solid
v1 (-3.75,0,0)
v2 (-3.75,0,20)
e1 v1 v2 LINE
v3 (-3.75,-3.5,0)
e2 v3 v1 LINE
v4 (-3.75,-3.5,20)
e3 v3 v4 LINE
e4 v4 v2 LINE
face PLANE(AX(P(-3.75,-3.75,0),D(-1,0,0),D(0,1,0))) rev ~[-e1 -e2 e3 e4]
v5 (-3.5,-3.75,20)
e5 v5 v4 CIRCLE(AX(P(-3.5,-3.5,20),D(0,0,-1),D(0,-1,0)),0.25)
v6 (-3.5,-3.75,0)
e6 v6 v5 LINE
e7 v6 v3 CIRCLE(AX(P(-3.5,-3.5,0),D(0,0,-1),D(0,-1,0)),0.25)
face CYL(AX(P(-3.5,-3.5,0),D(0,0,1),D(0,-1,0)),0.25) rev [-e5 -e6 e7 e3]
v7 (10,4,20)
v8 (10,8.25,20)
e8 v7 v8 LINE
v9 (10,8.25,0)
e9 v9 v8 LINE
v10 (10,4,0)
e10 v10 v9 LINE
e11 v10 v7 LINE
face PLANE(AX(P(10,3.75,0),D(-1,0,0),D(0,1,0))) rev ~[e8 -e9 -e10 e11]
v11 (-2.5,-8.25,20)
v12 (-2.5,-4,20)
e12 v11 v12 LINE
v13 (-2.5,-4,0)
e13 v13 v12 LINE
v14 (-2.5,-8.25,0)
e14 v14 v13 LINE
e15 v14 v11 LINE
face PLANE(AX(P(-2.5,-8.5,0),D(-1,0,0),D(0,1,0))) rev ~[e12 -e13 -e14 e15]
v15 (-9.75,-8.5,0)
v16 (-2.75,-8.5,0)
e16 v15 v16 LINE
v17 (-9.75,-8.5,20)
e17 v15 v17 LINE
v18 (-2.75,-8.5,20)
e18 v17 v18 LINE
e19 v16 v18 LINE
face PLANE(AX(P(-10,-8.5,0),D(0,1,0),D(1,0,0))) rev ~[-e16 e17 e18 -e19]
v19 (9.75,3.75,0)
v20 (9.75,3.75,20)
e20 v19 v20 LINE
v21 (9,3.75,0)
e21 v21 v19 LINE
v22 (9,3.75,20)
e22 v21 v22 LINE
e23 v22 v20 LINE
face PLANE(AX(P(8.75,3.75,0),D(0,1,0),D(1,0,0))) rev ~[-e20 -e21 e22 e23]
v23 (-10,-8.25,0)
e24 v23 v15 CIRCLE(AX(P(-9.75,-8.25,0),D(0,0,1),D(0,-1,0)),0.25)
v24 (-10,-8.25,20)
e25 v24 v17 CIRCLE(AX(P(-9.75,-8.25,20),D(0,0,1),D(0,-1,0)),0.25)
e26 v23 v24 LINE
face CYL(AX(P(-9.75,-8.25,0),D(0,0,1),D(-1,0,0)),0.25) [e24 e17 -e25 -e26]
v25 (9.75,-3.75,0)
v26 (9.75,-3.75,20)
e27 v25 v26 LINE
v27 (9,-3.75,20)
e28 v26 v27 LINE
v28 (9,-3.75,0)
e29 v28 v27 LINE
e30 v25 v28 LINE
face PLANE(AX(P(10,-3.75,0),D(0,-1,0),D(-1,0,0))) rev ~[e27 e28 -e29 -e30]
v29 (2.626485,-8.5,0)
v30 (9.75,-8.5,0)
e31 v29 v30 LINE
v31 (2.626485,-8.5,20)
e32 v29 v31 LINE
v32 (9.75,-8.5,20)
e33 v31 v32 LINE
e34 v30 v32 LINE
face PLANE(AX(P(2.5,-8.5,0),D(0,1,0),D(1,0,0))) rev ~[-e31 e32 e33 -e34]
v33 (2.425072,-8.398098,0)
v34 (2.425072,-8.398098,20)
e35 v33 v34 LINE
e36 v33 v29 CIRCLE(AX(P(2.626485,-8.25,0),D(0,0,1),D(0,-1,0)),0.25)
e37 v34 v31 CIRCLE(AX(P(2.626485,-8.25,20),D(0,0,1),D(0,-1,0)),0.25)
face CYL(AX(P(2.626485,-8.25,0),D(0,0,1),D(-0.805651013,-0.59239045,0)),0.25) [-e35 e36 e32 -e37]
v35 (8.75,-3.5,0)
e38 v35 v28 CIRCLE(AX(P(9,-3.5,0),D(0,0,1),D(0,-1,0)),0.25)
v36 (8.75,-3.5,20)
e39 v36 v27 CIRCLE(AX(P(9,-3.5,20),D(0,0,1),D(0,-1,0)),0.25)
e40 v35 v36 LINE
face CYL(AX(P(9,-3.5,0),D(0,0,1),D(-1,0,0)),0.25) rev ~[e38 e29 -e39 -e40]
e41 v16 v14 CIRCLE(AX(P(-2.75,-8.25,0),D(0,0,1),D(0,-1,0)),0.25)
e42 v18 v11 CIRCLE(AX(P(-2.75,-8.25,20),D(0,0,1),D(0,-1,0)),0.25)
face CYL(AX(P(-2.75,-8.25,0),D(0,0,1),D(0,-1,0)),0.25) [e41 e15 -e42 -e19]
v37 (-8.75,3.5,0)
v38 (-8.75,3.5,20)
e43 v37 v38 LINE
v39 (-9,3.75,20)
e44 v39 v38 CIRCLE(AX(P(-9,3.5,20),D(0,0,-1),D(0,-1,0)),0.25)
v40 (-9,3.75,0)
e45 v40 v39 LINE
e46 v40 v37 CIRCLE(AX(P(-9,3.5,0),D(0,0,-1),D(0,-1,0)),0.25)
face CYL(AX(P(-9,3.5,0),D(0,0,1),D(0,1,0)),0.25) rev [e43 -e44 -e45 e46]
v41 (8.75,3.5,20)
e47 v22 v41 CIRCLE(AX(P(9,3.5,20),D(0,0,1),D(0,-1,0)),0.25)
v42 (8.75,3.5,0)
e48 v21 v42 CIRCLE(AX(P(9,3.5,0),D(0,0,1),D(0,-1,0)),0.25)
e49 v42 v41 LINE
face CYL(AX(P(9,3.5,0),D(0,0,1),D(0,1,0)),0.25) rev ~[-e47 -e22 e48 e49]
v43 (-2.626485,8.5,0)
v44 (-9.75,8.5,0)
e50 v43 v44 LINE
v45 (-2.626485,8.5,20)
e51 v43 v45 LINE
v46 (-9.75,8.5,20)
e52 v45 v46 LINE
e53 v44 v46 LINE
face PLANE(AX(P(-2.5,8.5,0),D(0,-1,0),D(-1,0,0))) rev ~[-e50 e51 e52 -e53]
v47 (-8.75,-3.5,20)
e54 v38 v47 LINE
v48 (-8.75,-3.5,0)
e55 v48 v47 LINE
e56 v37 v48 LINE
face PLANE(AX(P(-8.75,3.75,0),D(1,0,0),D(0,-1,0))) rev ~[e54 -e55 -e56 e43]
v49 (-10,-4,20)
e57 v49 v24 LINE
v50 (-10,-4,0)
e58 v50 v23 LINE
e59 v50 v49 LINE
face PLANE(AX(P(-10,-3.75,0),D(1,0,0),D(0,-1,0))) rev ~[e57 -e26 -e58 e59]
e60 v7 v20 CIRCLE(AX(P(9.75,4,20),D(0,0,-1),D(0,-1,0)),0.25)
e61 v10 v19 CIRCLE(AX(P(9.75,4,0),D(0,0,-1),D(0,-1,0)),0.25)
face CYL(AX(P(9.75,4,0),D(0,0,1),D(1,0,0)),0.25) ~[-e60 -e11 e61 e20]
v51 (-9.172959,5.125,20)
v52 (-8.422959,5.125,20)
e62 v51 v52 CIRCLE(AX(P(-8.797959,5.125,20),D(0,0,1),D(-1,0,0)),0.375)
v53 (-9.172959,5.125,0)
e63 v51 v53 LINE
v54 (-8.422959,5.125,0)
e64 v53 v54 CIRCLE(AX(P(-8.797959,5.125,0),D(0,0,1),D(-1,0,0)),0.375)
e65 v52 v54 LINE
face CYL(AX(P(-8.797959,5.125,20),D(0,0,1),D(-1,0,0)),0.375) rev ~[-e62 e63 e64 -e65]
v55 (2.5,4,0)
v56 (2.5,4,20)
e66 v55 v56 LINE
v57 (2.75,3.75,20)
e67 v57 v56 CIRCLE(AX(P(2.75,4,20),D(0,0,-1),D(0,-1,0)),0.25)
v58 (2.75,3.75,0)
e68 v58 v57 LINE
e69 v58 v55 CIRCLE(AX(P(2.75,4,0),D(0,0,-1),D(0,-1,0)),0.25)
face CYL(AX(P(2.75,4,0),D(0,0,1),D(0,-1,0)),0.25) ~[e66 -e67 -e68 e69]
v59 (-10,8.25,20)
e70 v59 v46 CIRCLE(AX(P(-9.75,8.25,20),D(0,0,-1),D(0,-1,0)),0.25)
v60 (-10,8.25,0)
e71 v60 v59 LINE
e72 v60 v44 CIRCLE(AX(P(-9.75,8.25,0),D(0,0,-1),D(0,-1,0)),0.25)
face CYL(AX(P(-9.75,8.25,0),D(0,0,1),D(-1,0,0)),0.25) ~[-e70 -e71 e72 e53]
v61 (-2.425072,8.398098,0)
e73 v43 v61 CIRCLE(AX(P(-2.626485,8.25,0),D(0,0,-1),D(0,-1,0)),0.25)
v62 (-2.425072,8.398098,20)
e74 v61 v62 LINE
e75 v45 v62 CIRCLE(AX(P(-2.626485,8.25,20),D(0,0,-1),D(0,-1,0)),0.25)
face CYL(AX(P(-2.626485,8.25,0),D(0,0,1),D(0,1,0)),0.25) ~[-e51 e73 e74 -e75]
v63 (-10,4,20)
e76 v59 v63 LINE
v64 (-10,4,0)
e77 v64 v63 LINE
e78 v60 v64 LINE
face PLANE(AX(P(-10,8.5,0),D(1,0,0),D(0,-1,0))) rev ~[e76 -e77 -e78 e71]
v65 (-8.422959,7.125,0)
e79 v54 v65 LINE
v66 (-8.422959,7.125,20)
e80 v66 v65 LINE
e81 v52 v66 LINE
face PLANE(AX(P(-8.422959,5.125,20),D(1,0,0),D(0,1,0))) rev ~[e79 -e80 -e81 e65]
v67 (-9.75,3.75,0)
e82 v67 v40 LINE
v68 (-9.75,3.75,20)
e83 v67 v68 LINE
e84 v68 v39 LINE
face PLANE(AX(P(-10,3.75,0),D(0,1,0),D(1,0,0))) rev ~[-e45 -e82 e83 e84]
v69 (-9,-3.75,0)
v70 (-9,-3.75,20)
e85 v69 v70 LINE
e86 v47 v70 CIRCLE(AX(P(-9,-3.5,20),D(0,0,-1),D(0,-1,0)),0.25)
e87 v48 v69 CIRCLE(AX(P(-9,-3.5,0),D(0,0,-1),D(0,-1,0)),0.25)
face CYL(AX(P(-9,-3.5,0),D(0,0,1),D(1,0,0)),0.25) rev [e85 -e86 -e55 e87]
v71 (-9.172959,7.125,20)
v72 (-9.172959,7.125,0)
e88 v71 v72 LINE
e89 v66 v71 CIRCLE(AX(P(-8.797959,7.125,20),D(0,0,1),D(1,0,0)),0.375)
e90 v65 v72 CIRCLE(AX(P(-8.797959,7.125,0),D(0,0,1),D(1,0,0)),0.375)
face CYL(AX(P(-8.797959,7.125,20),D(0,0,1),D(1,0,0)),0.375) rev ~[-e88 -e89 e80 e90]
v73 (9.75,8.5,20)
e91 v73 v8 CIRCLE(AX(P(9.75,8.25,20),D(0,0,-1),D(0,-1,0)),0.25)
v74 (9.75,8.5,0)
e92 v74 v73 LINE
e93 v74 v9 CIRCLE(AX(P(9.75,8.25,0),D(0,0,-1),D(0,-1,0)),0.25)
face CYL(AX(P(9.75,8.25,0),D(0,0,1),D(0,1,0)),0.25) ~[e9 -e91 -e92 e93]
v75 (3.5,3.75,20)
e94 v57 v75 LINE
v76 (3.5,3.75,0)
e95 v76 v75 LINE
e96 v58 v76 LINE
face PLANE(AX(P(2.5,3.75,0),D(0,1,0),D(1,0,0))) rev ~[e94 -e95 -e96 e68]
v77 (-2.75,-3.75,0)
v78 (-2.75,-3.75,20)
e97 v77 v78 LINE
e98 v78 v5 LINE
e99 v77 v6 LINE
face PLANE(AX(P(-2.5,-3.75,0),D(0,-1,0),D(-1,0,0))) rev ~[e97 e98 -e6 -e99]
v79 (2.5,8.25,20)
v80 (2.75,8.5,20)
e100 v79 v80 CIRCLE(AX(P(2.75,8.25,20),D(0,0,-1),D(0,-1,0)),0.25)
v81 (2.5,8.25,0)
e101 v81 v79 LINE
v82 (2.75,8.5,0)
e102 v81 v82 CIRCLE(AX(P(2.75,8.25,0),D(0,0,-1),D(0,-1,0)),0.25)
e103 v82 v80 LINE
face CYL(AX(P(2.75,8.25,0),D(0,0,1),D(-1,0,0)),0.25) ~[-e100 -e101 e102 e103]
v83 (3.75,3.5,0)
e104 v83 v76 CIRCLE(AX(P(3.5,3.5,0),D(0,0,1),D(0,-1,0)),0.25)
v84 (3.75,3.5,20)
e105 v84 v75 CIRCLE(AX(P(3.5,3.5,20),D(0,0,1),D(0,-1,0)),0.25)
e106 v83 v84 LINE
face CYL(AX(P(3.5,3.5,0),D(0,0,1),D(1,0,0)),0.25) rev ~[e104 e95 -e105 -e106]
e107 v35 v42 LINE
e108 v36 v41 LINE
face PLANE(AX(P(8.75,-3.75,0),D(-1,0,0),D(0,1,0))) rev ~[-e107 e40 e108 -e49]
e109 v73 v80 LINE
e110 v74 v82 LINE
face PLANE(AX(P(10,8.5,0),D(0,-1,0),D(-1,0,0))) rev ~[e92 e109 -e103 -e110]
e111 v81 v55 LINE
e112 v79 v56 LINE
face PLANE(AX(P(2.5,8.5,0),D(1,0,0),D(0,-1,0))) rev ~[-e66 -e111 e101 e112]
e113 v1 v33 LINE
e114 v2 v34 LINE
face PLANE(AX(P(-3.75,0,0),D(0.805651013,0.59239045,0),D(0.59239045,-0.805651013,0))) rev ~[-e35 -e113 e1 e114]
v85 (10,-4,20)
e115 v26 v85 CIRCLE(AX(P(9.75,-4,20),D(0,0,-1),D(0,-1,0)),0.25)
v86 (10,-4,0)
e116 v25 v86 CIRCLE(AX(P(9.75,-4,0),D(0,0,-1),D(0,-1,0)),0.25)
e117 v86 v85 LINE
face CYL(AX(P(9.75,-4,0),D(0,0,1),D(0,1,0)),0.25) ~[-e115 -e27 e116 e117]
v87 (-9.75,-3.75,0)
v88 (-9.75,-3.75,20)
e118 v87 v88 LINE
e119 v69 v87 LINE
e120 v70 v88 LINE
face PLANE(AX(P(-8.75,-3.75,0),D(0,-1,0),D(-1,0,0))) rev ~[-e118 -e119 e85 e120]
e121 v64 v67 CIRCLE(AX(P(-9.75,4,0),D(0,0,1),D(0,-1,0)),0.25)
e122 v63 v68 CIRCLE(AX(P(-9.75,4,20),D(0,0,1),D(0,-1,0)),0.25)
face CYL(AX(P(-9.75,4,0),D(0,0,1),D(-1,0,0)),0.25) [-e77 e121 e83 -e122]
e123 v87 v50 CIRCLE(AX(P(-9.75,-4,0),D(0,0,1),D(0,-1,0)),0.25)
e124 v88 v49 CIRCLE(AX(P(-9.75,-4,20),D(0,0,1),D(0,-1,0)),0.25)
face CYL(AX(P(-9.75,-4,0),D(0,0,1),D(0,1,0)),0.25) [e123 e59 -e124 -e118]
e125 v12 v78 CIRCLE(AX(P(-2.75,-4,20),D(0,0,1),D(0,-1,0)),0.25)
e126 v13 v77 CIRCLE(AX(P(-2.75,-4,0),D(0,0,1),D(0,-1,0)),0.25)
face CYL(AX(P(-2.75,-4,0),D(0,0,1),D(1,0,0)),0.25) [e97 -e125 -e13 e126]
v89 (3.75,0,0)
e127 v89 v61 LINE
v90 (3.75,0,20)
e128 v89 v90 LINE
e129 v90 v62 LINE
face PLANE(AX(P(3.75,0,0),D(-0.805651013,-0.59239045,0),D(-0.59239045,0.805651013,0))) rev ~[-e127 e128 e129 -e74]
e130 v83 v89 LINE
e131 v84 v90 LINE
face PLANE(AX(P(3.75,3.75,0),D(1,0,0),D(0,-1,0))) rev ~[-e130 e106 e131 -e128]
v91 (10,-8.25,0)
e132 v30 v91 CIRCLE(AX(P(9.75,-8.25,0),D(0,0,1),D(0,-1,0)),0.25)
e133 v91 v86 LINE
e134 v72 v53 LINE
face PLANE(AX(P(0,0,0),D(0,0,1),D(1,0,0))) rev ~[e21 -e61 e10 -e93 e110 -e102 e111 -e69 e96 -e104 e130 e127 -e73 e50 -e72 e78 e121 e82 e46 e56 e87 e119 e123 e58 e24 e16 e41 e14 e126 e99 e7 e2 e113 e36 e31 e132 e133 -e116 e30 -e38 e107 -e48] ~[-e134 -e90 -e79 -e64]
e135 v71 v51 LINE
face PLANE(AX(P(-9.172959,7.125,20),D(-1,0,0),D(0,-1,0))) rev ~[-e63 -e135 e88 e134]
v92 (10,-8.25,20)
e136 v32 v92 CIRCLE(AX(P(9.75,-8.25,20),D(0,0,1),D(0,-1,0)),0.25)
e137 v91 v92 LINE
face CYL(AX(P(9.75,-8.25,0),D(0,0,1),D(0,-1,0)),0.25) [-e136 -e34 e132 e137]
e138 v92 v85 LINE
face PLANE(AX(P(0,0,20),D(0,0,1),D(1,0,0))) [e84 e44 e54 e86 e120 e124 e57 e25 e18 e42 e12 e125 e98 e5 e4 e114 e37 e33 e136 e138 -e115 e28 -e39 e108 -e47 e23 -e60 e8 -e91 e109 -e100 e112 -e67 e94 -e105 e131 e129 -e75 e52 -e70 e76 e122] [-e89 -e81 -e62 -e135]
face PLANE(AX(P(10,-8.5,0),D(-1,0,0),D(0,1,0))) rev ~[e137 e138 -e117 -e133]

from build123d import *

# Parameters (mm, degrees)
F1_DEPTH = 20
F3_DEPTH = 25
F4_R     = 0.25


with BuildPart() as f1:
    # F0 (on Top) → F1 (new body)
    with BuildSketch(Plane.XY):
        Polygon((-10, 8.5), (-10, 3.75), (-8.75, 3.75), (-8.75, -3.75), (-10, -3.75), (-10, -8.5), (-2.5, -8.5), (-2.5, -3.75), (-3.75, -3.75), (-3.75, 0), (2.5, -8.5), (10, -8.5), (10, -3.75), (8.75, -3.75), (8.75, 3.75), (10, 3.75), (10, 8.5), (2.5, 8.5), (2.5, 3.75), (3.75, 3.75), (3.75, 0), (-2.5, 8.5), align=None)
    extrude(amount=F1_DEPTH)

    # F2 (on face) → F3 (cut)
    with BuildSketch(Plane.XY.offset(20)):
        with BuildLine():
            ThreePointArc((-8.422959, 7.125), (-8.797959, 7.5), (-9.172959, 7.125))
            Line((-9.172959, 7.125), (-9.172959, 5.125))
            ThreePointArc((-9.172959, 5.125), (-8.797959, 4.75), (-8.422959, 5.125))
            Line((-8.422959, 5.125), (-8.422959, 7.125))
        make_face()
    extrude(amount=-F3_DEPTH, mode=Mode.SUBTRACT)

    # F4
    f4_edges = [f1.edges().sort_by_distance(p)[0] for p in [
        (-10, 8.5, 10),
        (2.5, 8.5, 10),
        (-2.5, 8.5, 10),
        (2.5, 3.75, 10),
        (10, 3.75, 10),
        (10, 8.5, 10),
        (10, -3.75, 10),
        (10, -8.5, 10),
        (2.5, -8.5, 10),
        (-2.5, -3.75, 10),
        (-2.5, -8.5, 10),
        (-10, -8.5, 10),
        (-10, -3.75, 10),
        (-8.75, -3.75, 10),
        (-3.75, -3.75, 10),
        (-8.75, 3.75, 10),
        (-10, 3.75, 10),
        (3.75, 3.75, 10),
        (8.75, 3.75, 10),
        (8.75, -3.75, 10),
    ]]
    fillet(f4_edges, radius=F4_R)


solid = f1.part
